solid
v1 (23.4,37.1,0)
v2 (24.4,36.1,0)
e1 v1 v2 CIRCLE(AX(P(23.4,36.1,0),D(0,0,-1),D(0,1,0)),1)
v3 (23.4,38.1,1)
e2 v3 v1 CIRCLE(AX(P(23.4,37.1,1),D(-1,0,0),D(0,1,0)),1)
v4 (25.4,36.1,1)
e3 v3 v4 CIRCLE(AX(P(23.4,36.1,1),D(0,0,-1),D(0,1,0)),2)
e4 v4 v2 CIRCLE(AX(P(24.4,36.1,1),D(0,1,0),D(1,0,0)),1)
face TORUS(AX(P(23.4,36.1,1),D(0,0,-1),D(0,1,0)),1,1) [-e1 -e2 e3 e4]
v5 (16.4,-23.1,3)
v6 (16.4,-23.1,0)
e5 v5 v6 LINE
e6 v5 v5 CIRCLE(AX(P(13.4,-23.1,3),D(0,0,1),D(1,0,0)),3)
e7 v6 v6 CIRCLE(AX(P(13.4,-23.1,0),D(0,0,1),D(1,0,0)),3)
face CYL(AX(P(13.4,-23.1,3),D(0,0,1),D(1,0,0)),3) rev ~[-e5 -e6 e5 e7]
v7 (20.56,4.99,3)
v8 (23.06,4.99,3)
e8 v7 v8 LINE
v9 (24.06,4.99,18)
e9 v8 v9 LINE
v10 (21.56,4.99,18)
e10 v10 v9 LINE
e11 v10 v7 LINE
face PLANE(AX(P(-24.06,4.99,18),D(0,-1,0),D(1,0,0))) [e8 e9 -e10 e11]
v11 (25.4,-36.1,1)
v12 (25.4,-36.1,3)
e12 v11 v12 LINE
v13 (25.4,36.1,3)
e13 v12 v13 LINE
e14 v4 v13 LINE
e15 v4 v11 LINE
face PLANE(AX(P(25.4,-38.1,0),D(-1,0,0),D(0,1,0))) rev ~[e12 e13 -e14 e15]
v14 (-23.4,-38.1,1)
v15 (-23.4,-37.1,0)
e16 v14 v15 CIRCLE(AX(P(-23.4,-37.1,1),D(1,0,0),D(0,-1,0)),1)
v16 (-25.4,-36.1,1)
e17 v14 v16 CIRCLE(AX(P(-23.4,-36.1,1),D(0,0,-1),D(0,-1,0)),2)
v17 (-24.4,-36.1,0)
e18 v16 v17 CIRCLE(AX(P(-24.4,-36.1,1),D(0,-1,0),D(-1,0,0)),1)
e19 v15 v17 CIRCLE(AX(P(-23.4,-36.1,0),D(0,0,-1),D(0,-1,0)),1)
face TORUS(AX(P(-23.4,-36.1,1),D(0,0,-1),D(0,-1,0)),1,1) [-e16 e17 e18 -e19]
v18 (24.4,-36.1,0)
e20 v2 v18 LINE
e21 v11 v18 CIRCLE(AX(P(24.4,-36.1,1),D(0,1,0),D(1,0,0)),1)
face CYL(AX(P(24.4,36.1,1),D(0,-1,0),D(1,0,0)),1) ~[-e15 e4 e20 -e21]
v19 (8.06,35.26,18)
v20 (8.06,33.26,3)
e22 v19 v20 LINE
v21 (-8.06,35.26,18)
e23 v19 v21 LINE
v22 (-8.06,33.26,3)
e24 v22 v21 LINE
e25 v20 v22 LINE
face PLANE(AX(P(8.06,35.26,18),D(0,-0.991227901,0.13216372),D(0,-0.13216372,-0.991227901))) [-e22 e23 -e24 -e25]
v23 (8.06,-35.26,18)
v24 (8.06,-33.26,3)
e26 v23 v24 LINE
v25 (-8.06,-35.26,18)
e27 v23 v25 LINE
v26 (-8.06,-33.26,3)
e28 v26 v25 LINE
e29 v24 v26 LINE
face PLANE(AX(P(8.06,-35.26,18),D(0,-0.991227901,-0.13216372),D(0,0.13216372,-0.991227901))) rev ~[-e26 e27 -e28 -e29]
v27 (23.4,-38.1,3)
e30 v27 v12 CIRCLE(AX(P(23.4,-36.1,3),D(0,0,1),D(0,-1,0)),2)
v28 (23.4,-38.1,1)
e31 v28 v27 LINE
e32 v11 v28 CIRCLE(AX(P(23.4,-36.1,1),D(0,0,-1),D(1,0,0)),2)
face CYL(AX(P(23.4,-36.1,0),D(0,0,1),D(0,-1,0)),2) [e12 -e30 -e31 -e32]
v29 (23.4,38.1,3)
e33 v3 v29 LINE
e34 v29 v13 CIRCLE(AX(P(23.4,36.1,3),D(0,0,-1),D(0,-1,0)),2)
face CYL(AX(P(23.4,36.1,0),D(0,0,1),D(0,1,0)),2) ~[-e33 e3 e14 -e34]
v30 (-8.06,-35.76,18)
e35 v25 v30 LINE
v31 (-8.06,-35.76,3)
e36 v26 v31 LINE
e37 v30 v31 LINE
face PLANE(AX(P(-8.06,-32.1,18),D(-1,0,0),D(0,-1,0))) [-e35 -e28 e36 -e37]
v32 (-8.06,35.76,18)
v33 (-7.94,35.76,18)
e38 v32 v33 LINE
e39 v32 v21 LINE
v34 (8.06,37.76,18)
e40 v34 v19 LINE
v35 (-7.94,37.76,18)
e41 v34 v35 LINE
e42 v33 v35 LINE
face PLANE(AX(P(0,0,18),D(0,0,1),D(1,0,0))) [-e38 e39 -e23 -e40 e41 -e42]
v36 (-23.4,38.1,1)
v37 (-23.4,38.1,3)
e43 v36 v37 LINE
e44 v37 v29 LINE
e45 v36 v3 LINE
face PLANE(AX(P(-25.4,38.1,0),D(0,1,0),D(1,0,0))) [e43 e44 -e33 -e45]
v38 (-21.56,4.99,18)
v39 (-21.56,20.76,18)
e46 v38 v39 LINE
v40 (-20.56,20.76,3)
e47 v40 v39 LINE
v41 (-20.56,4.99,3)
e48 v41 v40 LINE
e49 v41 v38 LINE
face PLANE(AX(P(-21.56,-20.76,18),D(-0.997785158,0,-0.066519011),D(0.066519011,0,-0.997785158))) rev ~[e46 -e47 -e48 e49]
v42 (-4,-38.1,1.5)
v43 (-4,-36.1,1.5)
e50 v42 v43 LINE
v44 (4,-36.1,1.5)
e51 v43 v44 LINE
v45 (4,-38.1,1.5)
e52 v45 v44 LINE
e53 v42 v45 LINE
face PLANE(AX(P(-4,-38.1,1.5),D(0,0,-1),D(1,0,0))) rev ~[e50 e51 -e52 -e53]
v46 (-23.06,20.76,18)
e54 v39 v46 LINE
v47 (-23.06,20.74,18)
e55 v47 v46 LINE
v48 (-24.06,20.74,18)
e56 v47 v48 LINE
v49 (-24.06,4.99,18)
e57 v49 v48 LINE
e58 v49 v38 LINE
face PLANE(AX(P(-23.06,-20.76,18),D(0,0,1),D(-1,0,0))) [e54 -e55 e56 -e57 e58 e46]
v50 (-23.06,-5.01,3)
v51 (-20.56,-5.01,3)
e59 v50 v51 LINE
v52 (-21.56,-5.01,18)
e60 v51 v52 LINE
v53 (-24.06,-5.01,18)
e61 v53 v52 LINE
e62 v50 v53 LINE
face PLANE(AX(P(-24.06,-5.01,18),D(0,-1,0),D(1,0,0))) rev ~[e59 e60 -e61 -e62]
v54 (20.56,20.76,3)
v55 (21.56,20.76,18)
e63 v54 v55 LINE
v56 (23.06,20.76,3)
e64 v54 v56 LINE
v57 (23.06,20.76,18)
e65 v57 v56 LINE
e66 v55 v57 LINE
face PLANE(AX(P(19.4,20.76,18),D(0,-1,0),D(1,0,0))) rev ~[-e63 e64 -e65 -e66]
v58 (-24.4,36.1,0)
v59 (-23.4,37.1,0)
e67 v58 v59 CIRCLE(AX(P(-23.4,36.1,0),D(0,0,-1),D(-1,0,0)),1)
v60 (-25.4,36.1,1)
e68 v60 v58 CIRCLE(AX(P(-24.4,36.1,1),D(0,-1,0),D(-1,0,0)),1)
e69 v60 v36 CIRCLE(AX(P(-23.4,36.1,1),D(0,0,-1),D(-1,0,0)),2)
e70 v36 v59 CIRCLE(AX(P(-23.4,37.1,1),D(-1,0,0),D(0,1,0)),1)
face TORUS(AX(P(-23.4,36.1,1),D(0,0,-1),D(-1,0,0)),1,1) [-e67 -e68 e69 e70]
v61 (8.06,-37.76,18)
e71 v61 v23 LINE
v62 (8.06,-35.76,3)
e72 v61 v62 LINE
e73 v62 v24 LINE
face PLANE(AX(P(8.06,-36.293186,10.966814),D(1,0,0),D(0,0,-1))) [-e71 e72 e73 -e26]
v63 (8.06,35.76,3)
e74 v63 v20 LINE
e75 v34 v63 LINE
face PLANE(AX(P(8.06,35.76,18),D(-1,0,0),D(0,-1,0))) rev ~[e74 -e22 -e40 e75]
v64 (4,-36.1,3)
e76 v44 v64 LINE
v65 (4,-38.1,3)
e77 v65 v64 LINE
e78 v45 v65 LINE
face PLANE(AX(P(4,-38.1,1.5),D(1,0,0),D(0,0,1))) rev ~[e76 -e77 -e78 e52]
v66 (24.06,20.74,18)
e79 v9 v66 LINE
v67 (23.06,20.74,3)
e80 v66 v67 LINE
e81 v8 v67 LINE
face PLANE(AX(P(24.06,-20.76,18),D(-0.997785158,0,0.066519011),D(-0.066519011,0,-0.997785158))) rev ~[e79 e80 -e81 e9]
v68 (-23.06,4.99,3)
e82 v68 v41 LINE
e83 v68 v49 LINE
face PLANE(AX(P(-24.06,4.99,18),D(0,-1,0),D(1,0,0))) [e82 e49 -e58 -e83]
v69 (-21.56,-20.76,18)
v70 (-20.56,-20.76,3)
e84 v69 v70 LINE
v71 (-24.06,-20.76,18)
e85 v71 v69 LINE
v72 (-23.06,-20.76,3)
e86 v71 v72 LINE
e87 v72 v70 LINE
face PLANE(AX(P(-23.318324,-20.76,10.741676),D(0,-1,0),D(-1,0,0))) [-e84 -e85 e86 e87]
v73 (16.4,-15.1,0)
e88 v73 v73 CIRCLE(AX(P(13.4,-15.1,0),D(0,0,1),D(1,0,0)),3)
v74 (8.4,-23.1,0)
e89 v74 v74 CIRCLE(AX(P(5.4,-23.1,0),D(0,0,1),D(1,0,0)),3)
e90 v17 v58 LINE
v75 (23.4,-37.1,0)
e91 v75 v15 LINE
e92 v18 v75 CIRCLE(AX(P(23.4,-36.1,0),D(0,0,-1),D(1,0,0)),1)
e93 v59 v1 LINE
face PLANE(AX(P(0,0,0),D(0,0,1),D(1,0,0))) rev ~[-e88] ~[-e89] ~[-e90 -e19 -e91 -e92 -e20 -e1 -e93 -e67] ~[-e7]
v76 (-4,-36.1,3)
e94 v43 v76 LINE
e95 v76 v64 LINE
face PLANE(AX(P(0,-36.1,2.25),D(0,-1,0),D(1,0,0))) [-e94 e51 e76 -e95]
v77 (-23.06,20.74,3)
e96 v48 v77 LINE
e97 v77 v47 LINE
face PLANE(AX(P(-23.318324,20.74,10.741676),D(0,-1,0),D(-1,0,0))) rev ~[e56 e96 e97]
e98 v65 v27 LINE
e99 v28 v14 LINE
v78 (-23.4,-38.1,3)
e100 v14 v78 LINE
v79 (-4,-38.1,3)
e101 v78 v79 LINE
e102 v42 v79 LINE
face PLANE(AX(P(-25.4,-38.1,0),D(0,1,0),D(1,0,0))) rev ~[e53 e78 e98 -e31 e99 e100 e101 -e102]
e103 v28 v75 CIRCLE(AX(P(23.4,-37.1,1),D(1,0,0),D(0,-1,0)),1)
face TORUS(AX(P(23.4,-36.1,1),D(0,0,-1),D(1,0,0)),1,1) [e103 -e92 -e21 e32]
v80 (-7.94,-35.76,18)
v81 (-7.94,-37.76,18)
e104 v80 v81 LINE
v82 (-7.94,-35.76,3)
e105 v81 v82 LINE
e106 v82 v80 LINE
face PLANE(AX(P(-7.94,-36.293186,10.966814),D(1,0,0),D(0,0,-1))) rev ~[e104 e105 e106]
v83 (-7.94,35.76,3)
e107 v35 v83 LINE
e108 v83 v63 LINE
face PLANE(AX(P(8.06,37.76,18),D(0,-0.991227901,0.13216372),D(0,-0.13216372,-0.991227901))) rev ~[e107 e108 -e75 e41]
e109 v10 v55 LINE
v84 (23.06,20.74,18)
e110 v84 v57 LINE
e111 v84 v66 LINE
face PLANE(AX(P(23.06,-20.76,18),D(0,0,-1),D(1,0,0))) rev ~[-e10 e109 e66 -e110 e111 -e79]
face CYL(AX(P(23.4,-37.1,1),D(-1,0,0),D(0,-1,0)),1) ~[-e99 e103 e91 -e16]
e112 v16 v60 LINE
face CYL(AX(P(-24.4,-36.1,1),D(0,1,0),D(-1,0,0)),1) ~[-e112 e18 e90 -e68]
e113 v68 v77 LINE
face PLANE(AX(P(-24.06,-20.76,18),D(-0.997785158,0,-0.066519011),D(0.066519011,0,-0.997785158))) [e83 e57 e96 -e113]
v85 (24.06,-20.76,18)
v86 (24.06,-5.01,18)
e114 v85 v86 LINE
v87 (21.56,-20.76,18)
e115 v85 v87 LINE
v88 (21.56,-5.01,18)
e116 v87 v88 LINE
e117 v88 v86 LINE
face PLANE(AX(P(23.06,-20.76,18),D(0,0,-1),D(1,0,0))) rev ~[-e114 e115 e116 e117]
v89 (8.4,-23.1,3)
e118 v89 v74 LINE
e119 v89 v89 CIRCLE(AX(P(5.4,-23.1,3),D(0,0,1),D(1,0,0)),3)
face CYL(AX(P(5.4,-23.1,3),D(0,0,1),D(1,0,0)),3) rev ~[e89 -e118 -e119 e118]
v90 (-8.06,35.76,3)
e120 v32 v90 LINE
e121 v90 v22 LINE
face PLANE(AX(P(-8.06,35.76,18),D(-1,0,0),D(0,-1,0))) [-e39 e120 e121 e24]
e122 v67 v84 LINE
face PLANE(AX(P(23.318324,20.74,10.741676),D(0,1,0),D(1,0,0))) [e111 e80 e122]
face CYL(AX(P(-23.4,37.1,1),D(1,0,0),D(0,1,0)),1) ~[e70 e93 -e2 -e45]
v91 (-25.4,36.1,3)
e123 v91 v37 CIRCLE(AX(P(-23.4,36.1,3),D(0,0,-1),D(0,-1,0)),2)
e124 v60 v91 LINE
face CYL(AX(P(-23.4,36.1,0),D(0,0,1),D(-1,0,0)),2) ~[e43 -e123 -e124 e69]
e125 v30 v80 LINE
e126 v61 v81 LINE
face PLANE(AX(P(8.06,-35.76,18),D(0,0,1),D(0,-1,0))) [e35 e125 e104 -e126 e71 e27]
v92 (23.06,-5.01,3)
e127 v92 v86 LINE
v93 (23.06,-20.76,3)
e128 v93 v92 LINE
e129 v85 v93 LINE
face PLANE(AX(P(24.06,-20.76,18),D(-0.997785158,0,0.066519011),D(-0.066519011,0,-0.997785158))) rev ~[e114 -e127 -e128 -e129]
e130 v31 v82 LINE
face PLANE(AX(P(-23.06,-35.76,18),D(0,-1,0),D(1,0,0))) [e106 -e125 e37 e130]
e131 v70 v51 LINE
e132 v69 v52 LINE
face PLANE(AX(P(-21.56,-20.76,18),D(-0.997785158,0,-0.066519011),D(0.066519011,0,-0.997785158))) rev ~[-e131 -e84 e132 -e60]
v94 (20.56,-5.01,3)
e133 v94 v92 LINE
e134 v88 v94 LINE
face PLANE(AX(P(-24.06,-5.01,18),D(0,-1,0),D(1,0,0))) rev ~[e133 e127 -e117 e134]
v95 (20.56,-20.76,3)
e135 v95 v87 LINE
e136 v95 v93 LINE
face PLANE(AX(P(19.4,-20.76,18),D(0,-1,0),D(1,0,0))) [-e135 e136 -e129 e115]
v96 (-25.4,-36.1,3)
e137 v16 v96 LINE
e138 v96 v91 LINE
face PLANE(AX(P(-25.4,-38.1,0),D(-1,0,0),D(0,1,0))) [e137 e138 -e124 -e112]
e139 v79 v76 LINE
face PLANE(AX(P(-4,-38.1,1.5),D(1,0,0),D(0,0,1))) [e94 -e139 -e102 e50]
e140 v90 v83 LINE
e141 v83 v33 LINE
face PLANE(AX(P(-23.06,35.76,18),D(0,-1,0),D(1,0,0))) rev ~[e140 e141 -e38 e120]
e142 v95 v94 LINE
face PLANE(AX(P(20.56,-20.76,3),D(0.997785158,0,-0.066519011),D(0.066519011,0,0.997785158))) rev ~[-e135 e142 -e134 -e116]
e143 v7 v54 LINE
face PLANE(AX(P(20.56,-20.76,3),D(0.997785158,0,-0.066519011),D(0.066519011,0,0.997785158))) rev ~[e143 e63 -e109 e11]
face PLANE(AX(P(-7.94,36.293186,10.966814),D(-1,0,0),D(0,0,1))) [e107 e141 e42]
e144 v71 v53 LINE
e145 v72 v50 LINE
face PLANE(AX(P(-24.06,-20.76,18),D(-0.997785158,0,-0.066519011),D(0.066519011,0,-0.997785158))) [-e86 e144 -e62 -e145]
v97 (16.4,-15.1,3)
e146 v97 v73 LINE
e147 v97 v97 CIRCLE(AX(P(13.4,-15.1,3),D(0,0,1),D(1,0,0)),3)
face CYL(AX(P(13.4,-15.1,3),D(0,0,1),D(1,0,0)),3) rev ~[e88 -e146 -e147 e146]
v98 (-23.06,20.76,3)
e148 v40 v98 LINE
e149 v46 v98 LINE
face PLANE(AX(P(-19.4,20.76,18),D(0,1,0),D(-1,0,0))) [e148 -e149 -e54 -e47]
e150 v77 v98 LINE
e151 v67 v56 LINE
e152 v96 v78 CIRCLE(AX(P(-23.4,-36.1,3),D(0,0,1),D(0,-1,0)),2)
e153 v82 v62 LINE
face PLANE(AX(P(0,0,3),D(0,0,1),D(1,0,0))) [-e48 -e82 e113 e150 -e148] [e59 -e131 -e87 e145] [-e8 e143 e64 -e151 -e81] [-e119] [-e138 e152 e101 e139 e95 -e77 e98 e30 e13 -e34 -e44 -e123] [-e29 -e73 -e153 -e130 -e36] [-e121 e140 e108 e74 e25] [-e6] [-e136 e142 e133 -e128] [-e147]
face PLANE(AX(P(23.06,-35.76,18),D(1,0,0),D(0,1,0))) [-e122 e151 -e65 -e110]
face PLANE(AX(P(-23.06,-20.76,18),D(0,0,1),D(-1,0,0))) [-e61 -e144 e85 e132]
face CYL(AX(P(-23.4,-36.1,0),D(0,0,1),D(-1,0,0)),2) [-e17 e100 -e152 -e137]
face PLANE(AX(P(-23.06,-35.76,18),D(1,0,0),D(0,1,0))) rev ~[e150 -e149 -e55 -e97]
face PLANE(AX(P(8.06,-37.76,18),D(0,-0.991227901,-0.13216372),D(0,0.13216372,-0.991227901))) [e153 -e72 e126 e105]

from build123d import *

# Parameters (mm, degrees)
CROQUIS1_W              = 50.8
CROQUIS1_H              = 76.2
SALIENTE_EXTRUIR1_DEPTH = 18
CROQUIS2_W              = 50.8
CROQUIS2_H              = 76.2
CROQUIS2_W_2            = 46.12
CROQUIS2_H_2            = 71.52
CROQUIS2_W_3            = 38.8
CROQUIS2_H_3            = 64.2
CORTAR_EXTRUIR1_DEPTH   = 15
CORTAR_EXTRUIR8_DEPTH   = 15
SALIENTE_EXTRUIR3_DEPTH = 41.5
CORTAR_EXTRUIR9_DEPTH   = 51.5
CORTAR_EXTRUIR10_DEPTH  = 51.5
SALIENTE_EXTRUIR4_DEPTH = 16
CORTAR_EXTRUIR11_DEPTH  = 16.5
REDONDEO3_R             = 2
REDONDEO4_R             = 1
CROQUIS15_W             = 48.12
CROQUIS15_H             = 10
CORTAR_EXTRUIR12_DEPTH  = 15
CROQUIS16_W             = 8
CROQUIS16_H             = 1.5
CORTAR_EXTRUIR13_DEPTH  = 2
CROQUIS17_R             = 3
CORTAR_EXTRUIR14_DEPTH  = 10


with BuildPart() as part:
    # Croquis1 → Saliente-Extruir1 (new body)
    with BuildSketch(Plane.XY):
        Rectangle(CROQUIS1_W, CROQUIS1_H)
    extrude(amount=SALIENTE_EXTRUIR1_DEPTH)

    # Croquis2 → Cortar-Extruir1 (cut)
    # profile 1 of 2: a face of its own
    with BuildSketch(Plane.XY.offset(18)):
        Rectangle(CROQUIS2_W, CROQUIS2_H)
        Rectangle(CROQUIS2_W_2, CROQUIS2_H_2, mode=Mode.SUBTRACT)
    # profile 2 of 2: a face of its own
    with BuildSketch(Plane.XY.offset(18)):
        Rectangle(CROQUIS2_W_3, CROQUIS2_H_3)
    extrude(amount=-CORTAR_EXTRUIR1_DEPTH, mode=Mode.SUBTRACT)

    # Croquis6 → Cortar-Extruir8 (cut)
    with BuildSketch(Plane.XY.offset(18)):
        Polygon((-23.06, 35.76), (-8.06, 35.76), (-8.06, 32.1), (-19.4, 32.1), (-19.4, 20.76), (-23.06, 20.76), align=None)
        Polygon((23.06, 35.76), (8.06, 35.76), (8.06, 32.1), (19.4, 32.1), (19.4, 20.76), (23.06, 20.76), align=None)
        Polygon((-23.06, -35.76), (-23.06, -20.76), (-19.4, -20.76), (-19.4, -32.1), (-8.06, -32.1), (-8.06, -35.76), align=None)
        Polygon((23.06, -35.76), (8.06, -35.76), (8.06, -32.1), (19.4, -32.1), (19.4, -20.76), (23.06, -20.76), align=None)
    extrude(amount=-CORTAR_EXTRUIR8_DEPTH, mode=Mode.SUBTRACT)

    # Croquis10 → Saliente-Extruir3 (add)
    with BuildSketch(Plane(origin=(0, -20.76, 0), x_dir=(-1, 0, 0), z_dir=(0, -1, 0))):
        Polygon((23.06, -18), (24.06, -18), (23.06, -3), align=None)
        Polygon((-23.06, -18), (-24.06, -18), (-23.06, -3), align=None)
    extrude(amount=-SALIENTE_EXTRUIR3_DEPTH)

    # Croquis11 → Cortar-Extruir9 (cut)
    with BuildSketch(Plane.XZ.offset(20.76)):
        Polygon((-19.4, 18), (-21.56, 18), (-20.56, 3), (-19.4, 3), align=None)
    extrude(amount=-CORTAR_EXTRUIR9_DEPTH, mode=Mode.SUBTRACT)

    # Croquis12 → Cortar-Extruir10 (cut)
    with BuildSketch(Plane.XZ.offset(20.76)):
        Polygon((19.4, 18), (19.4, 3), (20.56, 3), (21.56, 18), align=None)
    extrude(amount=-CORTAR_EXTRUIR10_DEPTH, mode=Mode.SUBTRACT)

    # Croquis13 → Saliente-Extruir4 (add)
    with BuildSketch(Plane(origin=(8.06, 0, 0), x_dir=(0, 0, -1), z_dir=(1, 0, 0))):
        Polygon((-18, -35.76), (-18, -37.76), (-3, -35.76), align=None)
        Polygon((-18, 35.76), (-18, 37.76), (-3, 35.76), align=None)
    extrude(amount=-SALIENTE_EXTRUIR4_DEPTH)

    # Croquis14 → Cortar-Extruir11 (cut)
    with BuildSketch(Plane(origin=(8.06, 0, 0), x_dir=(0, 0, -1), z_dir=(1, 0, 0))):
        Polygon((-3, -32.1), (-18, -32.1), (-18, -35.26), (-3, -33.26), align=None)
        Polygon((-18, 32.1), (-18, 35.26), (-3, 33.26), (-3, 32.1), align=None)
    extrude(amount=-CORTAR_EXTRUIR11_DEPTH, mode=Mode.SUBTRACT)

    # Redondeo3
    redondeo3_edges = [part.edges().sort_by_distance(p)[0] for p in [
        (-25.4, 38.1, 1.5),
        (25.4, 38.1, 1.5),
        (25.4, -38.1, 1.5),
        (-25.4, -38.1, 1.5),
    ]]
    fillet(redondeo3_edges, radius=REDONDEO3_R)

    # Redondeo4
    redondeo4_edges = [part.edges().sort_by_distance(p)[0] for p in [
        (0, 38.1, 0),
        (-25.4, 0, 0),
        (25.4, 0, 0),
        (0, -38.1, 0),
        (24.814213562, -37.514213562, 0),
        (-24.814213562, -37.514213562, 0),
        (-24.814213562, 37.514213562, 0),
        (24.814213562, 37.514213562, 0),
    ]]
    fillet(redondeo4_edges, radius=REDONDEO4_R)

    # Croquis15 → Cortar-Extruir12 (cut)
    with BuildSketch(Plane.XY.offset(18)):
        with Locations((0, -0.01)):
            Rectangle(CROQUIS15_W, CROQUIS15_H)
    extrude(amount=-CORTAR_EXTRUIR12_DEPTH, mode=Mode.SUBTRACT)

    # Croquis16 → Cortar-Extruir13 (cut)
    with BuildSketch(Plane.XZ.offset(38.1)):
        with Locations((0, 2.25)):
            Rectangle(CROQUIS16_W, CROQUIS16_H)
    extrude(amount=-CORTAR_EXTRUIR13_DEPTH, mode=Mode.SUBTRACT)

    # Croquis17 → Cortar-Extruir14 (cut)
    with BuildSketch(Plane.XY.offset(3)):
        with Locations((13.4, -23.1)):
            Circle(CROQUIS17_R)
        with Locations((13.4, -15.1)):
            Circle(CROQUIS17_R)
        with Locations((5.4, -23.1)):
            Circle(CROQUIS17_R)
    extrude(amount=-CORTAR_EXTRUIR14_DEPTH, mode=Mode.SUBTRACT)


solid = part.part
